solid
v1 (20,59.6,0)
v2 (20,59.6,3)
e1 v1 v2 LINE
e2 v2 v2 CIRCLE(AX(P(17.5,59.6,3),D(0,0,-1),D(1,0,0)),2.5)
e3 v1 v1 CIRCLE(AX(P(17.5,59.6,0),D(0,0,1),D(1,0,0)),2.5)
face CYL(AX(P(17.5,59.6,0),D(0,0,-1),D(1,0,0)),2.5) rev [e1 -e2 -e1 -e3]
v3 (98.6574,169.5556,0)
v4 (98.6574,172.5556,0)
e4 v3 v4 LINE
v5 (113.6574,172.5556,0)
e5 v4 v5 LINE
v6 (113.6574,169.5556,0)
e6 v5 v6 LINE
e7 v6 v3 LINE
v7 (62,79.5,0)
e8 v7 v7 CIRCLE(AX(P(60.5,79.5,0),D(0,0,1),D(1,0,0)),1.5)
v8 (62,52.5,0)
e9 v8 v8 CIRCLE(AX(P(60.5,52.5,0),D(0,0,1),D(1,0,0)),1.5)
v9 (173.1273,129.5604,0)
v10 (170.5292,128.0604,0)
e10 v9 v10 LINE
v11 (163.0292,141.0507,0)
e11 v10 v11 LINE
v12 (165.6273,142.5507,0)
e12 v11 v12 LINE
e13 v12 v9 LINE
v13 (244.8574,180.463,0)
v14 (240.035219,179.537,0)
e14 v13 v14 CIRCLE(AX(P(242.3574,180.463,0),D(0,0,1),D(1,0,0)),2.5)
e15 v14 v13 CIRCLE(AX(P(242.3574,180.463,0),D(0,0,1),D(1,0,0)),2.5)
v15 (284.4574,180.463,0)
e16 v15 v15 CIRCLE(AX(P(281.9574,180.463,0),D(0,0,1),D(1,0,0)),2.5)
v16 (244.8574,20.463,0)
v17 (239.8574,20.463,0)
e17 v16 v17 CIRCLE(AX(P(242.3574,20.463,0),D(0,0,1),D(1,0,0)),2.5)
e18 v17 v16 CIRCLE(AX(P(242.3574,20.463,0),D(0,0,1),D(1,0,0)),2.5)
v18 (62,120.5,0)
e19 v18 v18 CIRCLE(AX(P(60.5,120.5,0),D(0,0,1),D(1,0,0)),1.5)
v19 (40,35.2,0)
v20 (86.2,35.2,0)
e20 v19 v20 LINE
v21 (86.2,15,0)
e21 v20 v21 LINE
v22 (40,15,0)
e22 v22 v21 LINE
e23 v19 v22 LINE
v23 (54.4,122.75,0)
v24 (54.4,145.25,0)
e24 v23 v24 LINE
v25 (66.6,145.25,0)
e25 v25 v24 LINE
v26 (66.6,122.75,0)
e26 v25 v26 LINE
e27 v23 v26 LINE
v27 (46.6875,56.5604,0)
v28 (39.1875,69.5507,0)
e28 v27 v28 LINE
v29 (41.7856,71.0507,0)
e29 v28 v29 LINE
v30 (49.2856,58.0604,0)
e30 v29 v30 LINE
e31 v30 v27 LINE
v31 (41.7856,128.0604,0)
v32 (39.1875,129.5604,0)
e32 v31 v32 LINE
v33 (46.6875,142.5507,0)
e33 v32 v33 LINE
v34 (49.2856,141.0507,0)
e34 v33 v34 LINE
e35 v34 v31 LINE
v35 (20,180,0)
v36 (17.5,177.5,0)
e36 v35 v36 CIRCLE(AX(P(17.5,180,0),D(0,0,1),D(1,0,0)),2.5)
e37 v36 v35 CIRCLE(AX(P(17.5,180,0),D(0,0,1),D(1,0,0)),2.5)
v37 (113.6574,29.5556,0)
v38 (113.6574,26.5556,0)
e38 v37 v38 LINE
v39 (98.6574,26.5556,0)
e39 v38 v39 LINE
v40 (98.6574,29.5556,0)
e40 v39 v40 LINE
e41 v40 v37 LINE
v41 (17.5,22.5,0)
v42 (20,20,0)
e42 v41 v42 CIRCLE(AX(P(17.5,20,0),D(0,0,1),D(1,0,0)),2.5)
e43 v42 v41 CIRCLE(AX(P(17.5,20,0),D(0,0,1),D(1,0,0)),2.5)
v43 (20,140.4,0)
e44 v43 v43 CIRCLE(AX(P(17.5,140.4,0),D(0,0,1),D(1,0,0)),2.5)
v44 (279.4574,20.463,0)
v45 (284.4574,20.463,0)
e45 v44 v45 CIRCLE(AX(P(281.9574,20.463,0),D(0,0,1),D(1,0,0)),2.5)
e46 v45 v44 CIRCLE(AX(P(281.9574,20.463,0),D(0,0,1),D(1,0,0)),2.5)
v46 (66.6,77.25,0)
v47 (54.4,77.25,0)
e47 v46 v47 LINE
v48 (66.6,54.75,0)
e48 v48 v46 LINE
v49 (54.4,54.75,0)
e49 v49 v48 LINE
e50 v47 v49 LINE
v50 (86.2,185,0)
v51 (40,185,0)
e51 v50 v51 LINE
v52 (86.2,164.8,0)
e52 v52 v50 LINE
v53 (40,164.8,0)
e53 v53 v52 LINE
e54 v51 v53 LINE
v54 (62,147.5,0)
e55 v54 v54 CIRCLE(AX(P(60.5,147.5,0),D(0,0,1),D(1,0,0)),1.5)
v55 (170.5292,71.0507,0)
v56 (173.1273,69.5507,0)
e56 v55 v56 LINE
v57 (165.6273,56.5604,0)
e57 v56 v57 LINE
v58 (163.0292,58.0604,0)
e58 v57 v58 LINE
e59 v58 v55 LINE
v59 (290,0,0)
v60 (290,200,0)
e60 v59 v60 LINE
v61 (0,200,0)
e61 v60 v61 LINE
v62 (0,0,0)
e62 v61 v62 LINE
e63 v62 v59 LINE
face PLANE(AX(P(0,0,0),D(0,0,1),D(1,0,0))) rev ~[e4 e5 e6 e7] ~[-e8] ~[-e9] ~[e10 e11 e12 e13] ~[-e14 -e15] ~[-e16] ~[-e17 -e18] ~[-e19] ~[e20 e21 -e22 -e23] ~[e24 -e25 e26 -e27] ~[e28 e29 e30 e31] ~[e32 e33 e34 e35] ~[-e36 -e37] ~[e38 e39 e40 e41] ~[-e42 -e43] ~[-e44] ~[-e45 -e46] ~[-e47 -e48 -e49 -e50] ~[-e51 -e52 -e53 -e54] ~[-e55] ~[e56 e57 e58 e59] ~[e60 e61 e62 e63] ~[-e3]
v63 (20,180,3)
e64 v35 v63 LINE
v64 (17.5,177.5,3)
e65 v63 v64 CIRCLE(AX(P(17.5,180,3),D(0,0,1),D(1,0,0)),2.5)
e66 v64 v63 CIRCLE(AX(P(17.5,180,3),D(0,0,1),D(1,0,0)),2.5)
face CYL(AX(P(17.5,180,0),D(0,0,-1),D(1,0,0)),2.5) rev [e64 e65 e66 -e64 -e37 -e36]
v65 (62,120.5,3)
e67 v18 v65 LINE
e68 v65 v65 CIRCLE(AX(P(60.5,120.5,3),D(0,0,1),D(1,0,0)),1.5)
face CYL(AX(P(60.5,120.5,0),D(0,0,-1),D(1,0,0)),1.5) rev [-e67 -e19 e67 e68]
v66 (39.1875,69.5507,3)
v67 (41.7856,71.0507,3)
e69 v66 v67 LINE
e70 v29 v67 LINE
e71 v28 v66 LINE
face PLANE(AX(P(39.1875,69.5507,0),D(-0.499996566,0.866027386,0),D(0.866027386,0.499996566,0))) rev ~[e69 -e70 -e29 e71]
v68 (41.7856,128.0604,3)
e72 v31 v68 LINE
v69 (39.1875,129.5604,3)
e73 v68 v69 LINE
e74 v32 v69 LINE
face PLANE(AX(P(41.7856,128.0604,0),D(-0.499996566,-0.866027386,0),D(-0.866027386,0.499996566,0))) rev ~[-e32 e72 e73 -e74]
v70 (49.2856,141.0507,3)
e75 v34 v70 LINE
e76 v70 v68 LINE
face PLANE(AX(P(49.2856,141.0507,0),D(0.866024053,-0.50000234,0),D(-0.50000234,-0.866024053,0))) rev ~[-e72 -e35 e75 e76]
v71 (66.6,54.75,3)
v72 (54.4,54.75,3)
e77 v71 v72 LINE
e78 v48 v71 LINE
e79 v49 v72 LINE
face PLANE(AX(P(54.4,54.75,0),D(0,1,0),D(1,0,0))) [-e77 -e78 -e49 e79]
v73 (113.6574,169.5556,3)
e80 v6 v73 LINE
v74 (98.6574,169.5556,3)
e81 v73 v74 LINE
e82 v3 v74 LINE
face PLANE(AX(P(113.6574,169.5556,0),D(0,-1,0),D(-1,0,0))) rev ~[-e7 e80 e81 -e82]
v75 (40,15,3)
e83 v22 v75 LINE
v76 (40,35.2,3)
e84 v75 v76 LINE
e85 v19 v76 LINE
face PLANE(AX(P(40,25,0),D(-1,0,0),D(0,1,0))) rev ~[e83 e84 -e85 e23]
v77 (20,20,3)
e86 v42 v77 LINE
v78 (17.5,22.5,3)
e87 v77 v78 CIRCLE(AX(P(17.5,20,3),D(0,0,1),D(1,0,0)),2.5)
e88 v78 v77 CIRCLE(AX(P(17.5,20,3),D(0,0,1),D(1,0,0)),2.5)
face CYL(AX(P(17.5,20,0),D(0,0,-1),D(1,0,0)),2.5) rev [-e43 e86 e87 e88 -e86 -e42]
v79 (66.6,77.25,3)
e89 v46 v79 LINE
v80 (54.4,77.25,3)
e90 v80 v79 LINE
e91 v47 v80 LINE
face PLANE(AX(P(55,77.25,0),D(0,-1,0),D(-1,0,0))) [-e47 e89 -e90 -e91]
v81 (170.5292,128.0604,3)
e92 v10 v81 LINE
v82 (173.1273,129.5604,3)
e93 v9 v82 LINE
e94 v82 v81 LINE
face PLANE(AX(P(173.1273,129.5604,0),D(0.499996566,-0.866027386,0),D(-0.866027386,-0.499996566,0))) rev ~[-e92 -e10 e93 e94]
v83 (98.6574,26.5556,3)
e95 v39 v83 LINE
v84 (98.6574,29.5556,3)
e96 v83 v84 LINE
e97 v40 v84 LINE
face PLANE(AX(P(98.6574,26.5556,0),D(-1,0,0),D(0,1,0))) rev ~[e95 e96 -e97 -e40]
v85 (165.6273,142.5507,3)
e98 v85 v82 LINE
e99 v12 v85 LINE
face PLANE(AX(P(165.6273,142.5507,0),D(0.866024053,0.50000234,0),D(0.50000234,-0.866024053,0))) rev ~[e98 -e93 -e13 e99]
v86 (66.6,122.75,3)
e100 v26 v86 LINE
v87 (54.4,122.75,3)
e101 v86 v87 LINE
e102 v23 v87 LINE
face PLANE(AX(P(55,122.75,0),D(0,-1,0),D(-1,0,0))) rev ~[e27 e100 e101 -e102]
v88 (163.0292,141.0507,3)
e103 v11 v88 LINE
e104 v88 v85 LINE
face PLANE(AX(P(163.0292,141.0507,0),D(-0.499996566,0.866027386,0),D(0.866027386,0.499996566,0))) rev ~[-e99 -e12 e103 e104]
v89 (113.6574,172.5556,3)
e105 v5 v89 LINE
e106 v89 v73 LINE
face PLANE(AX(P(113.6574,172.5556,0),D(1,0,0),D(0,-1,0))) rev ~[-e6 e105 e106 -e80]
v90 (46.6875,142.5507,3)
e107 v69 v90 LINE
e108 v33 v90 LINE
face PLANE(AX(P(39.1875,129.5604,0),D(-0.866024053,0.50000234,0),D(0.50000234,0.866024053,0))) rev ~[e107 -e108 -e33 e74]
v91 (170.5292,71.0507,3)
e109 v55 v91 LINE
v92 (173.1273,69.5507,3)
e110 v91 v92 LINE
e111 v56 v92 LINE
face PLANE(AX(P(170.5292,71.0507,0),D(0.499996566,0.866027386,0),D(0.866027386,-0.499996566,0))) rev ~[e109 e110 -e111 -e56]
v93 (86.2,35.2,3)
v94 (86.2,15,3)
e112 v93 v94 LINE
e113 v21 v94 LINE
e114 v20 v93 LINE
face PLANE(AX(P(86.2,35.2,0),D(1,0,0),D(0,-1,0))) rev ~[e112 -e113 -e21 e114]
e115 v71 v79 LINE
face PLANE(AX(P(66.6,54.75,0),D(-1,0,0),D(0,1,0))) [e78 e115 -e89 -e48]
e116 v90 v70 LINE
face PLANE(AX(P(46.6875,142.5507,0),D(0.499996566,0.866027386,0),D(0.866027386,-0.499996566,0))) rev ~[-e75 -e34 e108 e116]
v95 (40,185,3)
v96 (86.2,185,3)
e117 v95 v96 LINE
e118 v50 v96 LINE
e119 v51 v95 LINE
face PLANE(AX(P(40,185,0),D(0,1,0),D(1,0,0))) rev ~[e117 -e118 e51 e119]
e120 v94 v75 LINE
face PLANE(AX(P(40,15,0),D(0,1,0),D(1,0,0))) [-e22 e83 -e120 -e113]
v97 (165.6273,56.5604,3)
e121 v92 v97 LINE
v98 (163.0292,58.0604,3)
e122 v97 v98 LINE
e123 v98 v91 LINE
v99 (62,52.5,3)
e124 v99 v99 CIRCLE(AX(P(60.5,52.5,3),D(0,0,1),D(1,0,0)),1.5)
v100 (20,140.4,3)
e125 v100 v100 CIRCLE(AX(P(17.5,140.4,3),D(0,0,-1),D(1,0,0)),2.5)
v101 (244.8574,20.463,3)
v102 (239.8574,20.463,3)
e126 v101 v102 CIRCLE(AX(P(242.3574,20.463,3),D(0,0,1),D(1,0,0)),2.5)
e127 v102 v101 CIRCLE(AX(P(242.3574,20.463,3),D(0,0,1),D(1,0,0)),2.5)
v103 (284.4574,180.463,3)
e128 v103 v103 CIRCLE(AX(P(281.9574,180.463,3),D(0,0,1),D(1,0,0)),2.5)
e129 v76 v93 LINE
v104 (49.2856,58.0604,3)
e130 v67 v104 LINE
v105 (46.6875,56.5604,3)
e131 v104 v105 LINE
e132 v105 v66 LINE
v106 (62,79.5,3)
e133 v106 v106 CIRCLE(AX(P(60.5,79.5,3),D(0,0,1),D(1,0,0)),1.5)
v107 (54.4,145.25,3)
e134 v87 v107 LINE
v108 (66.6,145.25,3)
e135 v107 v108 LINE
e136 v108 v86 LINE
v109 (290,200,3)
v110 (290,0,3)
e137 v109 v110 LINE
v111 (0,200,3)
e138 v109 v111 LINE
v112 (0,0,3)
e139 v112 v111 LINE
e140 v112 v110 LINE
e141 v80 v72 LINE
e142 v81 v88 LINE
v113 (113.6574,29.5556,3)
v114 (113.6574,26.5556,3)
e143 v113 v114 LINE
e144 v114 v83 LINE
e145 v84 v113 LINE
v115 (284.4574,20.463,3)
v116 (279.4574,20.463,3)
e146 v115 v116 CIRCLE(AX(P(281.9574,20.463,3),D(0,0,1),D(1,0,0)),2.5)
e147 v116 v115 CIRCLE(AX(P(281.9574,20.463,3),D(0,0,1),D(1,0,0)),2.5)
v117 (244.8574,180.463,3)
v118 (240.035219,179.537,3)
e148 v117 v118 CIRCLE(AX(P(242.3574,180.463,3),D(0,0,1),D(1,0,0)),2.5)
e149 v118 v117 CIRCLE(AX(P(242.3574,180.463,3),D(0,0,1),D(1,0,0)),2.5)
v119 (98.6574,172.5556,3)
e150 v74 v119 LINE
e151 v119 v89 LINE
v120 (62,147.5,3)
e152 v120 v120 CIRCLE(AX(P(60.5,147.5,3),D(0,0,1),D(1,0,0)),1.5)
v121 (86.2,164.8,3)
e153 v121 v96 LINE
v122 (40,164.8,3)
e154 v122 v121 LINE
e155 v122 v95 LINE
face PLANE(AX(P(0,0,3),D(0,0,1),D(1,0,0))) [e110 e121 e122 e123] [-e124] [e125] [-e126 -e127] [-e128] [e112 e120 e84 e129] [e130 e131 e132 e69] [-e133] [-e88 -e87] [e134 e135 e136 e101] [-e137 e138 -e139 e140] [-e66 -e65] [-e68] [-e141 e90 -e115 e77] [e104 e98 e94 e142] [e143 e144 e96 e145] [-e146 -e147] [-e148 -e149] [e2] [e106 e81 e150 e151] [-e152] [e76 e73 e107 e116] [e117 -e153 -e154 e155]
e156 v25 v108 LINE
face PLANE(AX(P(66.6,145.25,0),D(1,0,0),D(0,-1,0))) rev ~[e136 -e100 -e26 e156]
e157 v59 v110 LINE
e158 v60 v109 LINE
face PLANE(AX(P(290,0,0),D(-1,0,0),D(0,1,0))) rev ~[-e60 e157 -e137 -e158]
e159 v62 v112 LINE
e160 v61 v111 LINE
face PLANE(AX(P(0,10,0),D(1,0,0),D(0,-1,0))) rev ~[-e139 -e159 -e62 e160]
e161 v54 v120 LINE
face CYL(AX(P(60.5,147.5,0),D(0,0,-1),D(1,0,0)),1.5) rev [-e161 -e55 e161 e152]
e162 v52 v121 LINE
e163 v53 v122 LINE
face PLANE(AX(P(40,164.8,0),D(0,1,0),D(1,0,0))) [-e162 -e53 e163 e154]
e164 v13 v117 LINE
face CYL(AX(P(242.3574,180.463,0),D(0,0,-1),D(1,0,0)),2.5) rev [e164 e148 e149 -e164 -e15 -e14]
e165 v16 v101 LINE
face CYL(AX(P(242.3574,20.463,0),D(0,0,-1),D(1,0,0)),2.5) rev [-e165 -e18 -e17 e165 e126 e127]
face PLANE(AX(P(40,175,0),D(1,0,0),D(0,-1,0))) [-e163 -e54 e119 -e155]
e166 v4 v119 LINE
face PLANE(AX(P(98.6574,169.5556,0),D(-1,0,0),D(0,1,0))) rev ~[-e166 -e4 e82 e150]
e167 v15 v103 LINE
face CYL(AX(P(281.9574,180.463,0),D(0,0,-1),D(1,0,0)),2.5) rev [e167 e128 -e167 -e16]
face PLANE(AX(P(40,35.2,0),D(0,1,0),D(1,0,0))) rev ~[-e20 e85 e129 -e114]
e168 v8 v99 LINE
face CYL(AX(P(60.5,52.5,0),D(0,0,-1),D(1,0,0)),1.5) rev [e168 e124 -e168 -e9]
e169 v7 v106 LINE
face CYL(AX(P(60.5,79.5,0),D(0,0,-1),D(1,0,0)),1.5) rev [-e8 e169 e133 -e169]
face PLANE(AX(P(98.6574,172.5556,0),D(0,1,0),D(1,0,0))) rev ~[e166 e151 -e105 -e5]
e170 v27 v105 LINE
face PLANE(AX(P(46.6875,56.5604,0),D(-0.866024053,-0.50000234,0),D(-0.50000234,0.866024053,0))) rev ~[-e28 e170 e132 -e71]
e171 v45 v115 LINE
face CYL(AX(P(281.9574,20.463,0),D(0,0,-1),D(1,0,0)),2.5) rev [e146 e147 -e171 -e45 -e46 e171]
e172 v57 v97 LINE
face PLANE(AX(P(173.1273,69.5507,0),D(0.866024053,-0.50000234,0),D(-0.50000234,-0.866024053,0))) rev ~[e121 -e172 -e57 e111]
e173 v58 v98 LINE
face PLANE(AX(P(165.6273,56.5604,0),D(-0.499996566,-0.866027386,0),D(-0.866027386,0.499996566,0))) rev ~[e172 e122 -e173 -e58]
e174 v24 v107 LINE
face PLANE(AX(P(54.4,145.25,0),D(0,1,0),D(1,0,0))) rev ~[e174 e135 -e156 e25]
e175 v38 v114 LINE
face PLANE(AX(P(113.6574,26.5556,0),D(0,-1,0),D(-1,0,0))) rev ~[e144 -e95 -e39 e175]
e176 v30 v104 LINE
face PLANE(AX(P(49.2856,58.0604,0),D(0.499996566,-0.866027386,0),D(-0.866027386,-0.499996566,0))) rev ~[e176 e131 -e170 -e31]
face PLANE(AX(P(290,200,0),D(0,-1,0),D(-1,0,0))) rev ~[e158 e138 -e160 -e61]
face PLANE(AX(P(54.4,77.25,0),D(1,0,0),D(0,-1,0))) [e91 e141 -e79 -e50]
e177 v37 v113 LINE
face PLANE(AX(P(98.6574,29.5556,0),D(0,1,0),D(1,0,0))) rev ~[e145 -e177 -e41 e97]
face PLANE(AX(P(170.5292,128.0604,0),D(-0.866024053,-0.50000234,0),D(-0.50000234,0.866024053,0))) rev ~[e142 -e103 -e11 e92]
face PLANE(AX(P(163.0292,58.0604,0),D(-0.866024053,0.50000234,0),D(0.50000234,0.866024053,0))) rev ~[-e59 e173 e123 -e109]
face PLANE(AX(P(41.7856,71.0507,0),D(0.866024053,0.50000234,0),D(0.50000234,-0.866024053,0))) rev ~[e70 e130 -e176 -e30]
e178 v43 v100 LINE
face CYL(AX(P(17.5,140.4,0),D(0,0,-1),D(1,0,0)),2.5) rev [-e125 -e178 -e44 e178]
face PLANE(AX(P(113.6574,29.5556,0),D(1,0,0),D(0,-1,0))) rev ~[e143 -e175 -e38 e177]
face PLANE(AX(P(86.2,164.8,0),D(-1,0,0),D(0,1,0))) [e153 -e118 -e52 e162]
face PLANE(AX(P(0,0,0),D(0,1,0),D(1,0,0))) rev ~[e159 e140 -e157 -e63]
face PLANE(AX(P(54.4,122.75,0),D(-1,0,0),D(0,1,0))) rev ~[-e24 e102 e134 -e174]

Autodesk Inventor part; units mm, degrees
ref_plane "YZ Plane" through (0, 0, 0) normal (1, 0, 0) x (0, 1, 0)
ref_plane "XZ Plane" through (0, 0, 0) normal (0, 1, 0) x (-1, 0, 0)
ref_plane "XY Plane" through (0, 0, 0) normal (0, 0, 1) x (1, 0, 0)
sketch "Sketch1" plane through (0, 0, 0) normal (0, 0, 1) x (1, 0, 0)
  line L0 (173.1273, 69.5507) -> (165.6273, 56.5604)
  line L1 (165.6273, 56.5604) -> (163.0292, 58.0604)
  line L2 (163.0292, 58.0604) -> (170.5292, 71.0507)
  line L3 (170.5292, 71.0507) -> (173.1273, 69.5507)
  line L4 (113.6574, 26.5556) -> (98.6574, 26.5556)
  line L5 (98.6574, 26.5556) -> (98.6574, 29.5556)
  line L6 (98.6574, 29.5556) -> (113.6574, 29.5556)
  line L7 (113.6574, 29.5556) -> (113.6574, 26.5556)
  line L8 (46.6875, 142.5507) -> (49.2856, 141.0507)
  line L9 (49.2856, 141.0507) -> (41.7856, 128.0604)
  line L10 (41.7856, 128.0604) -> (39.1875, 129.5604)
  line L11 (39.1875, 129.5604) -> (46.6875, 142.5507)
  line L12 (46.6875, 56.5604) -> (39.1875, 69.5507)
  line L13 (39.1875, 69.5507) -> (41.7856, 71.0507)
  line L14 (41.7856, 71.0507) -> (49.2856, 58.0604)
  line L15 (49.2856, 58.0604) -> (46.6875, 56.5604)
  line L16 (98.6574, 172.5556) -> (113.6574, 172.5556)
  line L17 (113.6574, 172.5556) -> (113.6574, 169.5556)
  line L18 (113.6574, 169.5556) -> (98.6574, 169.5556)
  line L19 (98.6574, 169.5556) -> (98.6574, 172.5556)
  line L20 (165.6273, 142.5507) -> (173.1273, 129.5604)
  line L21 (173.1273, 129.5604) -> (170.5292, 128.0604)
  line L22 (170.5292, 128.0604) -> (163.0292, 141.0507)
  line L23 (163.0292, 141.0507) -> (165.6273, 142.5507)
  line L24 (290, 0) -> (290, 200)
  line L25 (290, 200) -> (0, 200)
  line L26 (0, 200) -> (0, 0)
  line L27 (0, 0) -> (290, 0)
  circle A0 centre (281.9574, 20.463) radius 2.5
  circle A1 centre (49.9574, 20.463) radius 2.5
  circle A2 centre (281.9574, 180.463) radius 2.5
  circle A3 centre (49.9574, 180.463) radius 2.5
  circle A4 centre (242.3574, 20.463) radius 2.5
  circle A5 centre (17.5, 20) radius 2.5
  circle A6 centre (17.5, 180) radius 2.5
  circle A7 centre (242.3574, 180.463) radius 2.5
  line L28 (0, 0) -> (0, 10)
  line L29 (0, 10) -> (0, 15)
  line L30 (0, 200) -> (0, 185)
  line L31 (0, 185) -> (60, 185)
  line L32 (60, 185) -> (60, 175)
  line L33 (60, 175) -> (0, 175)
  line L34 (0, 15) -> (70, 15)
  line L35 (70, 15) -> (70, 25)
  line L36 (70, 25) -> (0, 25)
  line L37 (60, 185) -> (70, 185)
  line L38 (70, 185) -> (70, 175)
  line L39 (70, 175) -> (60, 175)
  line L40 (281.9574, 20.463) -> (242.3574, 20.463)
  line L41 (242.3574, 20.463) -> (130.1488, 20.463)
  circle A8 centre (182.3574, 20.463) radius 2.5
  circle A9 centre (142.7574, 20.463) radius 2.5
  line L42 (0, 100) -> (290, 100)
  line L43 (242.3574, 179.537) -> (130.1488, 179.537)
  circle A10 centre (182.3574, 179.537) radius 2.5
  circle A11 centre (142.7574, 179.537) radius 2.5
  circle A12 centre (17.5, 59.6) radius 2.5
  circle A13 centre (17.5, 140.4) radius 2.5
  line L44 (40, 35.2) -> (86.2, 35.2)
  line L45 (86.2, 35.2) -> (86.2, 15)
  line L46 (86.2, 15) -> (40, 15)
  line L47 (40, 15) -> (40, 35.2)
  line L48 (40, 164.8) -> (86.2, 164.8)
  line L49 (86.2, 164.8) -> (86.2, 185)
  line L50 (86.2, 185) -> (40, 185)
  line L51 (40, 185) -> (40, 164.8)
  line L52 (17.5, 20) -> (17.5, 180)
  line L53 (55, 50) -> (66, 50)
  line L54 (66, 50) -> (66, 82)
  line L55 (66, 82) -> (55, 82)
  line L56 (55, 82) -> (55, 50)
  circle A14 centre (60.5, 52.5) radius 1.5
  circle A15 centre (60.5, 79.5) radius 1.5
  line L57 (54.4, 54.75) -> (66.6, 54.75)
  line L58 (66.6, 54.75) -> (66.6, 77.25)
  line L59 (66.6, 77.25) -> (54.4, 77.25)
  line L60 (54.4, 77.25) -> (54.4, 54.75)
  line L61 (55, 150) -> (66, 150)
  line L62 (66, 150) -> (66, 118)
  line L63 (66, 118) -> (55, 118)
  line L64 (55, 118) -> (55, 150)
  circle A16 centre (60.5, 147.5) radius 1.5
  circle A17 centre (60.5, 120.5) radius 1.5
  line L65 (54.4, 145.25) -> (66.6, 145.25)
  line L66 (66.6, 145.25) -> (66.6, 122.75)
  line L67 (66.6, 122.75) -> (54.4, 122.75)
  line L68 (54.4, 122.75) -> (54.4, 145.25)
  point P0 (66.6, 66)
  point P1 (66, 66)
  point P2 (60.5, 54.75)
  point P3 (60.5, 50)
  point P4 (66.6, 134)
  point P5 (66, 134)
  point P6 (60.5, 145.25)
  point P7 (60.5, 150)
  dimension "d2" = 10
  dimension "d3" = 5
  dimension "d6" = 15
  dimension "d7" = 60
  dimension "d8" = 10
  dimension "d9" = 70
  dimension "d10" = 10
  dimension "d11" = 10
  dimension "d12" = 10
  dimension "d13" = 5
  dimension "d14" = 5
  dimension "d15" = 39.6
  dimension "d16" = 39.6
  dimension "d17" = 60
  dimension "d18" = 8.0426
  dimension "d19" = 39.6
  dimension "d20" = 20.2
  dimension "d21" = 46.2
  dimension "d22" = 15
  dimension "d23" = 40
  dimension "d24" = 17.5
  dimension "d25" = 5
  dimension "d26" = 5
  dimension "d27" = 20
  dimension "d28" = 20
  dimension "d29" = 39.6
  dimension "d30" = 55
  dimension "d31" = 50
  dimension "d32" = 11
  dimension "d33" = 32
  dimension "d34" = 3
  dimension "d35" = 3
  dimension "d36" = 2.5
  dimension "d37" = 2.5
  dimension "d38" = 22.5
  dimension "d39" = 12.2
extrude "Extrusion1" add sketch "Sketch1" along normal blind 3 contours L27 L26 L34 L46 L45 L44 L47 L36 L52 A12 L42 L24 | L42 L52 A13 L33 L51 L48 L49 L50 L37 L31 L26 L25 L24 | L52 A12 L36 L26 L42 | L42 L26 L33 L52 A13 | L26 L36 L47 L34 | L31 L51 L33 L26 | A9 L41 | L41 A9 | A8 L41 | L41 A8 | A11 L43 | L43 A11 | A10 L43 | L43 A10 | L56 L57 L54 L53 | L56 L55 L54 L59 | L61 L62 L65 L64 | L67 L62 L63 L64
properties material "MDF Medium Density Fiberboard"
